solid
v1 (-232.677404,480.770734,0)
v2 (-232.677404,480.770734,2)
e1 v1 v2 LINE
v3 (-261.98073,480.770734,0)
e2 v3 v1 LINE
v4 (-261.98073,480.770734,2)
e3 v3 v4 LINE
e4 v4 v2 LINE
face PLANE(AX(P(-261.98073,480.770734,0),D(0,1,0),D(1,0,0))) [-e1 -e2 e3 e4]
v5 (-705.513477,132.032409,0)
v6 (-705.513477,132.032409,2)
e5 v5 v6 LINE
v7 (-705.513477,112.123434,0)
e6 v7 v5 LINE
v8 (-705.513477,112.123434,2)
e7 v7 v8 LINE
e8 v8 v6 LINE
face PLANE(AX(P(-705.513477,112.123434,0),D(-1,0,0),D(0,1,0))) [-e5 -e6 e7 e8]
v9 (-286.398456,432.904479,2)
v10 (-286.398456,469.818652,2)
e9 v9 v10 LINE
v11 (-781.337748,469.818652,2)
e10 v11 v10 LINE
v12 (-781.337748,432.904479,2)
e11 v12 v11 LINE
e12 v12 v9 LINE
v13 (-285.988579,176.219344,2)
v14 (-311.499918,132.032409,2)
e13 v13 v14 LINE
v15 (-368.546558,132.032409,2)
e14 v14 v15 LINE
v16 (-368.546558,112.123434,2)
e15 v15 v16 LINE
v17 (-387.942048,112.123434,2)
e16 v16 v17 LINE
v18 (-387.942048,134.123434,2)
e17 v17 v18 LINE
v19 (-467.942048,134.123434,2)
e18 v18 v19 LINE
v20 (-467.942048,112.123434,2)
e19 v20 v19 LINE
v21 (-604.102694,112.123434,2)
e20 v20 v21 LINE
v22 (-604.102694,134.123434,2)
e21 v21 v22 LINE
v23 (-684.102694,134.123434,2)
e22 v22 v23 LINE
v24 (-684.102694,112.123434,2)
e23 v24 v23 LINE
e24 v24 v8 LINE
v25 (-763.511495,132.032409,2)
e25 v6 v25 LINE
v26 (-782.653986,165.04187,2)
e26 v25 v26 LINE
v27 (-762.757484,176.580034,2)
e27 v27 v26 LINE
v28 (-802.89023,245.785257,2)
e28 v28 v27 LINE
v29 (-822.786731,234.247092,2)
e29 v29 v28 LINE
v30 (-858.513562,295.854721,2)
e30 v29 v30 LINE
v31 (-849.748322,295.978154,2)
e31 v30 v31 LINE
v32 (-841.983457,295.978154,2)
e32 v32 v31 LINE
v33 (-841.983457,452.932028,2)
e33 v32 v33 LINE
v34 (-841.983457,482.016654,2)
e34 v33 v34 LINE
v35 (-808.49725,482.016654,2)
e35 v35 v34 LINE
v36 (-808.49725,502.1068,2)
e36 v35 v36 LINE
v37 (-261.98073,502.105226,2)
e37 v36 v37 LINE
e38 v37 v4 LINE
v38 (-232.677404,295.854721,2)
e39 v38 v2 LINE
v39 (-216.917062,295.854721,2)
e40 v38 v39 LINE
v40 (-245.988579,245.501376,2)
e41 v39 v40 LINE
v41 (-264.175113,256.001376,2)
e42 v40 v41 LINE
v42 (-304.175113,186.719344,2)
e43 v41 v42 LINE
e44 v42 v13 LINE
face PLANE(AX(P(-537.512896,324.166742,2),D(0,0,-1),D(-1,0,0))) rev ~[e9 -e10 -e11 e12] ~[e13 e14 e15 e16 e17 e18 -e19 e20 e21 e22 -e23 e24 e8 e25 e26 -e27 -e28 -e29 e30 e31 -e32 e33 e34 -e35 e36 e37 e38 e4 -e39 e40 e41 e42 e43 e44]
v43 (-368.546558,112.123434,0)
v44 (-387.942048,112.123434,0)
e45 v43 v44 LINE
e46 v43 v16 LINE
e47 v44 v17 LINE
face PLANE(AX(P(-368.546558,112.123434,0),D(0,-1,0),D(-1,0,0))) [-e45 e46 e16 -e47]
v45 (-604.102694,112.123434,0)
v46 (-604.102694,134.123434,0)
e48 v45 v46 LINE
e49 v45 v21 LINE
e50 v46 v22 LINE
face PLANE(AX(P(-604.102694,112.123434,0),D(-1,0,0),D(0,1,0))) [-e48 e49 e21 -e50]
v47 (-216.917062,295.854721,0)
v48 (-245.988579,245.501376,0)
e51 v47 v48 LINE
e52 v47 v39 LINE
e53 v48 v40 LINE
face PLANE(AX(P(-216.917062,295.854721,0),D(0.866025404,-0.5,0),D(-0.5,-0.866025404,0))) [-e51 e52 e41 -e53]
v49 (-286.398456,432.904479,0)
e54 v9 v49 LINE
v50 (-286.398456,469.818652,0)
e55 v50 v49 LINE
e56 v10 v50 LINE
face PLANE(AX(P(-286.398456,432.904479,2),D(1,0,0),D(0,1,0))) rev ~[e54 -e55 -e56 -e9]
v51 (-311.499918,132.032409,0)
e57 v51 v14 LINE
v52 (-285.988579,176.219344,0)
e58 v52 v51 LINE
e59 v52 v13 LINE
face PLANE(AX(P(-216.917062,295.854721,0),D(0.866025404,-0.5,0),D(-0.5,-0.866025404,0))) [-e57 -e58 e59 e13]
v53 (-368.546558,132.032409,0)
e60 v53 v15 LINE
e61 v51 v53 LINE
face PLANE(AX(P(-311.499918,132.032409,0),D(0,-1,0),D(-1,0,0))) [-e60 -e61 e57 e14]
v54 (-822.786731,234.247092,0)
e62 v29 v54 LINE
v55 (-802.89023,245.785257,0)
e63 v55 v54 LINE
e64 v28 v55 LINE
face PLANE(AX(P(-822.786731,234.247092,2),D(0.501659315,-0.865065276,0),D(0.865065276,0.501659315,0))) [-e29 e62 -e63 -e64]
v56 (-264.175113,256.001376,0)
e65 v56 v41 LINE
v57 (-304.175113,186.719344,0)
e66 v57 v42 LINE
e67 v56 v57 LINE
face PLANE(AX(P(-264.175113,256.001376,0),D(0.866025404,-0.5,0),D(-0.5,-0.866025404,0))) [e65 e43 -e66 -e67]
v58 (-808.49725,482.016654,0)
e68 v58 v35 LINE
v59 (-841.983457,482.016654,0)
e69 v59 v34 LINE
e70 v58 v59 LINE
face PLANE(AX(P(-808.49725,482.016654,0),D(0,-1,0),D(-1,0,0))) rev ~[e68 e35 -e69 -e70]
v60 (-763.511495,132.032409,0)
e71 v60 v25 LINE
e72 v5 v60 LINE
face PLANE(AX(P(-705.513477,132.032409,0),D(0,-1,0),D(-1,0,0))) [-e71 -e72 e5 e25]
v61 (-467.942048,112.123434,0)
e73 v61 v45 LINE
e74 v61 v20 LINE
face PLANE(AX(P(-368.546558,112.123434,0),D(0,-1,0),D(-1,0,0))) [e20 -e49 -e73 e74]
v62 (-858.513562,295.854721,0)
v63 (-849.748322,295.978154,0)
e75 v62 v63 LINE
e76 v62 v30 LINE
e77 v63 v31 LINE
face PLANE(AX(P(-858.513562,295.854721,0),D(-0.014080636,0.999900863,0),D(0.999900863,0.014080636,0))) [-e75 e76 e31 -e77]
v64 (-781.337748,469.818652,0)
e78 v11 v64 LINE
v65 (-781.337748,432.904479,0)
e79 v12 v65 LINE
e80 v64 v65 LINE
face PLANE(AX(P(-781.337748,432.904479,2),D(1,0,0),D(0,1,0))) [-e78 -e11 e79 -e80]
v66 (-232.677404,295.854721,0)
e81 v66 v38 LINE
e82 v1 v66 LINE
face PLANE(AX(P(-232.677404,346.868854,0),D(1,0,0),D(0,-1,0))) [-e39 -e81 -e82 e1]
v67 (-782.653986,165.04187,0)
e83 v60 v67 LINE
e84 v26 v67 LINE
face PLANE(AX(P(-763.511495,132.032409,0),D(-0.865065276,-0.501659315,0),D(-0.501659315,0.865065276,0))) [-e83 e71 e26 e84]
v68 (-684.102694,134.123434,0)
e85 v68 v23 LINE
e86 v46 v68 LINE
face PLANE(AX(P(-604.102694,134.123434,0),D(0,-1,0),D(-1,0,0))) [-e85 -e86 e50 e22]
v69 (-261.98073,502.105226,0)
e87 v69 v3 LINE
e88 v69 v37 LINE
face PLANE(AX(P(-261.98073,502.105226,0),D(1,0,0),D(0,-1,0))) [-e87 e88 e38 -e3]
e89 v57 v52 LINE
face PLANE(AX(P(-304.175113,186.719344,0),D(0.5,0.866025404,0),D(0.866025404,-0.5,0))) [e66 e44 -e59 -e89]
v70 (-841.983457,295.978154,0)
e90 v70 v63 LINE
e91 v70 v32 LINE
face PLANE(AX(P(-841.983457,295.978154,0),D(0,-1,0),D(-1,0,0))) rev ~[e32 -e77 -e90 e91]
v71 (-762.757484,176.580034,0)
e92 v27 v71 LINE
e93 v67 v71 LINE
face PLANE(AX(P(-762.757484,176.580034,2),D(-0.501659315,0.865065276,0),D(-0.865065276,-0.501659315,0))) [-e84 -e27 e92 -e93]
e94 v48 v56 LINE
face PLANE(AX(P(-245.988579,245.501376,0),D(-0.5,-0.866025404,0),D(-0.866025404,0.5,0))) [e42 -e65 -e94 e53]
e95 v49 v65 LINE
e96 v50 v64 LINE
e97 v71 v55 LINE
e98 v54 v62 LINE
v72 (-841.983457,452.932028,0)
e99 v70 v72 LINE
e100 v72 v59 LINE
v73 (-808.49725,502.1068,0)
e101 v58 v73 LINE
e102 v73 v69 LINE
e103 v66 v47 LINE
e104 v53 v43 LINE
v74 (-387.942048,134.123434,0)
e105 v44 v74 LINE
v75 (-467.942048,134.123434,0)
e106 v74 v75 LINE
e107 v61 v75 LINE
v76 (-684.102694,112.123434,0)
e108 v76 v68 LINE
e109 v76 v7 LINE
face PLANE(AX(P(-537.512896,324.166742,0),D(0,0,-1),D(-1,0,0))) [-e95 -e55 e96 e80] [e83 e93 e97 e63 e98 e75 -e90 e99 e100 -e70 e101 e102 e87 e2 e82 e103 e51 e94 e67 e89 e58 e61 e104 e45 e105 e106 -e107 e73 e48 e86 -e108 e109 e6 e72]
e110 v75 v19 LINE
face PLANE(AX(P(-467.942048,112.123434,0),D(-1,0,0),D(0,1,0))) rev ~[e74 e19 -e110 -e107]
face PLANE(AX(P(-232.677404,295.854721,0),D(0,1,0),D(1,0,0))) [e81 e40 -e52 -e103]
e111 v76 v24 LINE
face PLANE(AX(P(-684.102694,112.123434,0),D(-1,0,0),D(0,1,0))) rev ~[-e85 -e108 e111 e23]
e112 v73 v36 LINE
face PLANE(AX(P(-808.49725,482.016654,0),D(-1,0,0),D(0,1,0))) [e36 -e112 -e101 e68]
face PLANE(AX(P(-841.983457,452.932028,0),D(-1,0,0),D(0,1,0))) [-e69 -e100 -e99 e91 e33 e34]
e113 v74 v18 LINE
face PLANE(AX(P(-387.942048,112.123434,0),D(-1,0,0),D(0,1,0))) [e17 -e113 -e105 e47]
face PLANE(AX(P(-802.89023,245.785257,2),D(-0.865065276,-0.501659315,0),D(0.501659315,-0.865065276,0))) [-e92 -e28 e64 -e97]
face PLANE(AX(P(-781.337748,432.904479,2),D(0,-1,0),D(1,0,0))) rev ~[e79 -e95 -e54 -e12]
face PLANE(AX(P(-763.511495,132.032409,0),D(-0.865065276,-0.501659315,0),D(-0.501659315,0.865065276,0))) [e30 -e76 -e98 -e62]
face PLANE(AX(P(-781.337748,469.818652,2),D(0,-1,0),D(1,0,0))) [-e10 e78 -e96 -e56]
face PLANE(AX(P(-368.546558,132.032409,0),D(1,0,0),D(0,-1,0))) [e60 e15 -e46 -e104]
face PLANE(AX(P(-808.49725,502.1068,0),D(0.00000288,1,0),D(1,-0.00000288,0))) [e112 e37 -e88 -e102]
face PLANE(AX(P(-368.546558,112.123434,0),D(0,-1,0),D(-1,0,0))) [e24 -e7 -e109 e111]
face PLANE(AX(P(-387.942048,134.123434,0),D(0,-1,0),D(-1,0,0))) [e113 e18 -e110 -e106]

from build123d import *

# Parameters (mm, degrees)
BOSS_EXTRUDE1_DEPTH = 2
CUT_EXTRUDE1_DEPTH  = 103
CUT_EXTRUDE2_DEPTH  = 103
SKETCH8_W           = 494.939291997
SKETCH8_H           = 36.91417239
CUT_EXTRUDE3_DEPTH  = 103
SKETCH9_W           = 80
SKETCH9_H           = 22
CUT_EXTRUDE4_DEPTH  = 103
SKETCH10_W          = 80
SKETCH10_H          = 22
CUT_EXTRUDE5_DEPTH  = 10
CUT_EXTRUDE26_DEPTH = 50
SKETCH20_W          = 123.508554763
SKETCH20_H          = 186.038500142
CUT_EXTRUDE27_DEPTH = 50


with BuildPart() as part:
    # Sketch4 → Boss-Extrude1 (new body)
    with BuildSketch(Plane.XY):
        Polygon((-808.497250172, 502.106800376), (-261.98073047, 502.105226222), (-261.98073047, 480.770733626), (-232.677404129, 480.770733626), (-232.677404129, 452.134951617), (-212.25184889, 452.134951617), (-212.192076558, 346.868854324), (-232.677404129, 346.868854324), (-232.677404129, 295.854721303), (-216.917061767, 295.854721303), (-311.499917796, 132.032409135), (-368.546557809, 132.032409135), (-368.546557809, 112.12343356), (-705.513477189, 112.12343356), (-705.513477189, 132.032409135), (-763.511495449, 132.032409135), (-858.513561886, 295.854721303), (-842.744632695, 296.076779874), (-842.744632695, 346.305423028), (-862.968217561, 346.305423028), (-862.968217561, 452.932027611), (-841.983456779, 452.932027611), (-841.983456779, 482.016653843), (-813.304156304, 482.016653843), (-808.497250172, 482.016653843), align=None)
    extrude(amount=BOSS_EXTRUDE1_DEPTH)

    # Sketch6 → Cut-Extrude1 (cut)
    with BuildSketch(Plane.XY.offset(2)):
        Polygon((-822.786730896, 234.247092346), (-802.890229544, 245.785256582), (-762.757484374, 176.580034487), (-782.653985726, 165.041870251), align=None)
    extrude(amount=-CUT_EXTRUDE1_DEPTH, mode=Mode.SUBTRACT)

    # Sketch7 → Cut-Extrude2 (cut)
    with BuildSketch(Plane(origin=(0, 0, 0), x_dir=(-1, 0, 0), z_dir=(0, 0, -1))):
        Polygon((245.988579257, 245.501375956), (264.175112736, 256.001375956), (304.175112736, 186.719343654), (285.988579257, 176.219343654), align=None)
    extrude(amount=-CUT_EXTRUDE2_DEPTH, mode=Mode.SUBTRACT)

    # Sketch8 → Cut-Extrude3 (cut)
    with BuildSketch(Plane.XY.offset(2)):
        with Locations((-533.868102369, 451.361565469)):
            Rectangle(SKETCH8_W, SKETCH8_H)
    extrude(amount=-CUT_EXTRUDE3_DEPTH, mode=Mode.SUBTRACT)

    # Sketch9 → Cut-Extrude4 (cut)
    with BuildSketch(Plane(origin=(0, 0, 0), x_dir=(-1, 0, 0), z_dir=(0, 0, -1))):
        with Locations((427.942047779, 123.12343356)):
            Rectangle(SKETCH9_W, SKETCH9_H)
    extrude(amount=-CUT_EXTRUDE4_DEPTH, mode=Mode.SUBTRACT)

    # Sketch10 → Cut-Extrude5 (cut)
    with BuildSketch(Plane(origin=(0, 0, 0), x_dir=(-1, 0, 0), z_dir=(0, 0, -1))):
        with Locations((644.102693804, 123.12343356)):
            Rectangle(SKETCH10_W, SKETCH10_H)
    extrude(amount=-CUT_EXTRUDE5_DEPTH, mode=Mode.SUBTRACT)

    # Sketch18 → Cut-Extrude26 (cut)
    with BuildSketch(Plane(origin=(0, 0, 0), x_dir=(-1, 0, 0), z_dir=(0, 0, -1))):
        Polygon((232.677404129, 337.860322108), (232.677404129, 496.22384363), (155.712939473, 496.22384363), (155.712939473, 334.151575125), (232.677404129, 334.151575125), align=None)
    extrude(amount=-CUT_EXTRUDE26_DEPTH, mode=Mode.SUBTRACT)

    # Sketch20 → Cut-Extrude27 (cut)
    with BuildSketch(Plane(origin=(0, 0, 0), x_dir=(-1, 0, 0), z_dir=(0, 0, -1))):
        with Locations((903.737734161, 388.997403772)):
            Rectangle(SKETCH20_W, SKETCH20_H)
    extrude(amount=-CUT_EXTRUDE27_DEPTH, mode=Mode.SUBTRACT)


solid = part.part
